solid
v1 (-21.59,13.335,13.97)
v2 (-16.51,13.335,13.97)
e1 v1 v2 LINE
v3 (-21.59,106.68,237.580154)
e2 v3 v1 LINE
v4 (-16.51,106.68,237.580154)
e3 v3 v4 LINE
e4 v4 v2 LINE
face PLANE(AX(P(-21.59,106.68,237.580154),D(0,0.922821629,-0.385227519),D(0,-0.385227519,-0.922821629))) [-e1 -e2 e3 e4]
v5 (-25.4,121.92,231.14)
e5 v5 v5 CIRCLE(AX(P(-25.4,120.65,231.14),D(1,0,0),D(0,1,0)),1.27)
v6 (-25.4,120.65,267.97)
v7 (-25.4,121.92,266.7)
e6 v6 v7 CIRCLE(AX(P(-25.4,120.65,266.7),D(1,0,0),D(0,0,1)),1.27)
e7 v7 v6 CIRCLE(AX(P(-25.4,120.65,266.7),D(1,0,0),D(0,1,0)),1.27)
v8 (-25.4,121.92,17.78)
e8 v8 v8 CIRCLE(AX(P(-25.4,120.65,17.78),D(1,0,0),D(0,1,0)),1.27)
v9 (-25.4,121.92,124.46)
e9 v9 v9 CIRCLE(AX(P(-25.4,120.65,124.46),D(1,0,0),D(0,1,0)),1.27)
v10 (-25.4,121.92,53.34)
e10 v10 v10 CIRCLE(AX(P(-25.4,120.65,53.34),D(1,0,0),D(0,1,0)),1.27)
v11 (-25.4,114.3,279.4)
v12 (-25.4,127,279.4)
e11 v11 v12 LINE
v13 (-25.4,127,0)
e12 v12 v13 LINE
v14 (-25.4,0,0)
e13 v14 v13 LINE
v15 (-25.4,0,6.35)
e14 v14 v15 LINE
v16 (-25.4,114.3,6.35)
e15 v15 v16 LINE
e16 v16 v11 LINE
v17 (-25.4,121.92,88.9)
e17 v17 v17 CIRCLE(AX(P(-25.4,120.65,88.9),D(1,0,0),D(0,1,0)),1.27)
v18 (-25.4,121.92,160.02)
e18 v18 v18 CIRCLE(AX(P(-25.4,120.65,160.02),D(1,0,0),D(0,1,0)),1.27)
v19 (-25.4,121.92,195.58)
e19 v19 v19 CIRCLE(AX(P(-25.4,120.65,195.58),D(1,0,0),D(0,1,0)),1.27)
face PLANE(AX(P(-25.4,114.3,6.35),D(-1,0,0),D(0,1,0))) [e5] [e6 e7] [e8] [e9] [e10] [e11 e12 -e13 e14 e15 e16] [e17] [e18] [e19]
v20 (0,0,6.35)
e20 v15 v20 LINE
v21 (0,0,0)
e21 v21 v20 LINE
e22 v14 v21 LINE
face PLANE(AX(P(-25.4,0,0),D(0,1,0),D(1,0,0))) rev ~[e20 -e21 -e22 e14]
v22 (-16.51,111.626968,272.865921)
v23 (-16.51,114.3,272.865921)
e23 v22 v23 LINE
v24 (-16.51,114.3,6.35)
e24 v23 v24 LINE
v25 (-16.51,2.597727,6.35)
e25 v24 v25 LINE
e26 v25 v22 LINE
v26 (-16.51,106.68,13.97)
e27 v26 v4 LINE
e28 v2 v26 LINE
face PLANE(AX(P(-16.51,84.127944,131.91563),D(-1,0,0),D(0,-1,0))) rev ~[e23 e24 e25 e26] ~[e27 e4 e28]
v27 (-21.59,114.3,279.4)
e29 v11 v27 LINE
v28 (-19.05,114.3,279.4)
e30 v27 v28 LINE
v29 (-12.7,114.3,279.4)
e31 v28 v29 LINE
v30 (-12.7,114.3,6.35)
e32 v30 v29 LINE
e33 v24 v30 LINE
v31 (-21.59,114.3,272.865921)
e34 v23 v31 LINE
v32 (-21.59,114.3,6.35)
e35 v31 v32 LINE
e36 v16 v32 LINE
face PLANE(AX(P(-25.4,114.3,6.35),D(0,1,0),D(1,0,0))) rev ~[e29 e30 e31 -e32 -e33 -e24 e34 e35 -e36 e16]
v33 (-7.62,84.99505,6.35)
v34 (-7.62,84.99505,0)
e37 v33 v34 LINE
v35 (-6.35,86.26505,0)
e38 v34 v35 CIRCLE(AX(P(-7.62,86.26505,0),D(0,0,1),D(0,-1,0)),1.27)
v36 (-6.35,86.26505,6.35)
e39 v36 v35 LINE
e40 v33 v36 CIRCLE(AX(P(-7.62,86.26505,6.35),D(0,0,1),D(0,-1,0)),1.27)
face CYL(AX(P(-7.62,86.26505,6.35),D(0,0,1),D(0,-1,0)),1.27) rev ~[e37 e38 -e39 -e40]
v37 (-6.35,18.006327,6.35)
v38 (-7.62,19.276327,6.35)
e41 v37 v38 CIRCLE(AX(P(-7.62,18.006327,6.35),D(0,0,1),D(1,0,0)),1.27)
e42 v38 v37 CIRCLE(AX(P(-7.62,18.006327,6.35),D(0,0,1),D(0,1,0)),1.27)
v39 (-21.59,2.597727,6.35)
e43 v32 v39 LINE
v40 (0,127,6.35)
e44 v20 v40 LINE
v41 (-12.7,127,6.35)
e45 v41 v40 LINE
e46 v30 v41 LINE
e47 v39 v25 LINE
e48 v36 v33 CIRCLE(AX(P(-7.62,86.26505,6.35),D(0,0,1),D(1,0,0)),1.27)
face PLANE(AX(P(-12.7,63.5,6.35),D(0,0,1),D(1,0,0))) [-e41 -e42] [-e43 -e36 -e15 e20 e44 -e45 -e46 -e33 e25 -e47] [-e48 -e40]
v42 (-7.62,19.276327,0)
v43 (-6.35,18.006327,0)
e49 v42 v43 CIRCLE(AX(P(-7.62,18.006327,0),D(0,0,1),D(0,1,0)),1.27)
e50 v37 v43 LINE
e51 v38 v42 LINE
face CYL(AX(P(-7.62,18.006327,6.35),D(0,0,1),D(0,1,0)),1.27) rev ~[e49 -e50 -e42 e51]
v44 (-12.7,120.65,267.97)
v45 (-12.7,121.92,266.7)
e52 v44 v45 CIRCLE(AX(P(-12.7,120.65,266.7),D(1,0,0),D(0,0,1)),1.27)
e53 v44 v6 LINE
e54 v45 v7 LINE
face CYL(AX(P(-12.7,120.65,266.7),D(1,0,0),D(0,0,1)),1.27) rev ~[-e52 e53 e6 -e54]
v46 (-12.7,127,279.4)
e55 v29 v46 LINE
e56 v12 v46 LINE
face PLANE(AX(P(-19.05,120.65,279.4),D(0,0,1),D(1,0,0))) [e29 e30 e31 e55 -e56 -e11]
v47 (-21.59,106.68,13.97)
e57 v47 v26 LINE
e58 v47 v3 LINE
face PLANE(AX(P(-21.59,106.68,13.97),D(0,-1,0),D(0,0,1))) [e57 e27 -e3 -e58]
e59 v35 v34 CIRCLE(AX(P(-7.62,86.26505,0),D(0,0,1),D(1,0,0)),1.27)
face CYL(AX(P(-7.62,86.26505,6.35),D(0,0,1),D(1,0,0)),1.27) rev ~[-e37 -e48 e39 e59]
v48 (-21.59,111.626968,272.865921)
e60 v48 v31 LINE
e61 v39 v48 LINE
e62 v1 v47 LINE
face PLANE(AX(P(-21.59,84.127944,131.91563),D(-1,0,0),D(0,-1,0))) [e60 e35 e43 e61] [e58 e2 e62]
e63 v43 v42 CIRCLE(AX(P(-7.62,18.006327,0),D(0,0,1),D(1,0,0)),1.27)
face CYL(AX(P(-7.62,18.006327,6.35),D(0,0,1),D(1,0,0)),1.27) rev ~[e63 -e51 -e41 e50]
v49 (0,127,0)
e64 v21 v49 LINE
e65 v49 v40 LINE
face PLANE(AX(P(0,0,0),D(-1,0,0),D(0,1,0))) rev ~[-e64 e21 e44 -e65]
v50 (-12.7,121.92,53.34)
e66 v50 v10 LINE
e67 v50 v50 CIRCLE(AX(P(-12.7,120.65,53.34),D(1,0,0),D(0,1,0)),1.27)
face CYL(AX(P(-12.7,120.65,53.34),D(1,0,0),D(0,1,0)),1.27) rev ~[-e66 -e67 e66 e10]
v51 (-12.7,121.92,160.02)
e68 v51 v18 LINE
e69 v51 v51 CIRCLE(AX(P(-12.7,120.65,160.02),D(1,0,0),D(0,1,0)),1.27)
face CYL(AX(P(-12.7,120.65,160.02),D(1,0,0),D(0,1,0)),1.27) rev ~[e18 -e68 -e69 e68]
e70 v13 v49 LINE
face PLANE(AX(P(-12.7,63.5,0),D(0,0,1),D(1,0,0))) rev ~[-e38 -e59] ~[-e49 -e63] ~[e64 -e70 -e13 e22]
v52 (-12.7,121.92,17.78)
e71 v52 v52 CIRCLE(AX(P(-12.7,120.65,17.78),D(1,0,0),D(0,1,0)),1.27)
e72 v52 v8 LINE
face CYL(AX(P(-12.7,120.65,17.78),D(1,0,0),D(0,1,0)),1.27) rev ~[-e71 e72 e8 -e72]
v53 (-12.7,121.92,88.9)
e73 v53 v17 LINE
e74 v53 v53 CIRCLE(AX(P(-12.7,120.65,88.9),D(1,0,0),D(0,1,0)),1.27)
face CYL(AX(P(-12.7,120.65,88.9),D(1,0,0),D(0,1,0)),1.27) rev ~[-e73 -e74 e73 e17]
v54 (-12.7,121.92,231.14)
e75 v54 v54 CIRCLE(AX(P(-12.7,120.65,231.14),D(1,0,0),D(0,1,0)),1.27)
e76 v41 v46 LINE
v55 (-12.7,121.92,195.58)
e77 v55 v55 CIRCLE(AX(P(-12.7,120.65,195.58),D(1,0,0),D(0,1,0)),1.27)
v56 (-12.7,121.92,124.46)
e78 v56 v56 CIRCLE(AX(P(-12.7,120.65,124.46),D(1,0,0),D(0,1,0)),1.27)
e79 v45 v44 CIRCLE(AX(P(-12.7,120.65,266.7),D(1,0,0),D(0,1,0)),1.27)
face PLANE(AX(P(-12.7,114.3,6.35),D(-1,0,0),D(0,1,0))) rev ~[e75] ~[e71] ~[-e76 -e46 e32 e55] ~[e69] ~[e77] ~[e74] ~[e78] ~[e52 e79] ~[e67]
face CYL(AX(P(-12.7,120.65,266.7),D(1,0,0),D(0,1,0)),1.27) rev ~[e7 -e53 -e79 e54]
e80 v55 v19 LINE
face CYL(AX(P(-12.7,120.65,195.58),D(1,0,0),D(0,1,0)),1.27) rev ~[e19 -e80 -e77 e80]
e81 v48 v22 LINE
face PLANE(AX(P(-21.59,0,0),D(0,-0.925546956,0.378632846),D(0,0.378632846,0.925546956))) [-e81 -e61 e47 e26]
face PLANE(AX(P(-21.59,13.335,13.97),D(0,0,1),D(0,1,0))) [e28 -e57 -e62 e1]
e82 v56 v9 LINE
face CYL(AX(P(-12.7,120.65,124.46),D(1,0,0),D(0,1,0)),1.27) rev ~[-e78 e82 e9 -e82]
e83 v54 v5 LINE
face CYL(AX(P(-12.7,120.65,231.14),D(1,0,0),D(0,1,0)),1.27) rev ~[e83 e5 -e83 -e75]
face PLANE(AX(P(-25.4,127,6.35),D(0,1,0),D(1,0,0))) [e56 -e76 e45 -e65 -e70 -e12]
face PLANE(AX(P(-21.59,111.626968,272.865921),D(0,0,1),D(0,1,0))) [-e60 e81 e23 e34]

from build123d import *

# Parameters (mm, degrees)
F0_W      = 25.4
F0_H      = 127
F1_DEPTH  = 6.35
F2_W      = 12.7
F2_H      = 12.7
F3_DEPTH  = 273.05
F4_W      = 2.54
F4_H      = 6.5340787411
F5_DEPTH  = 25.4
F7_DEPTH  = 5.08
F8_DEPTH  = 25.4
F10_DEPTH = 25.4
F11_R     = 1.27
F12_DEPTH = 25.4


with BuildPart() as f1:
    # F0 (on Top) → F1 (new body)
    with BuildSketch(Plane.XY):
        with Locations((-12.7, 63.5)):
            Rectangle(F0_W, F0_H)
    extrude(amount=F1_DEPTH)

    # F2 (on face) → F3 (join)
    with BuildSketch(Plane.XY.offset(6.35)):
        with Locations((-19.05, 120.65)):
            Rectangle(F2_W, F2_H)
    extrude(amount=F3_DEPTH)

    # F4 (on face) → F5 (join)
    with BuildSketch(Plane.XZ.offset(-114.3)):
        with Locations((-20.32, 276.1329606295)):
            Rectangle(F4_W, F4_H)
    extrude(amount=F5_DEPTH)

    # F6 (on face) → F7 (join)
    with BuildSketch(Plane(origin=(-21.59, 0, 0), x_dir=(0, -1, 0), z_dir=(-1, 0, 0))):
        Polygon((-13.335, 13.97), (-5.715, 13.97), (-111.6269677877, 272.8659212589), (-114.3, 272.8659212589), (-114.3, 263.1782591343), (-114.3, 6.35), (-106.68, 6.35), (-106.68, 13.97), (-106.68, 217.2529995441), (-106.68, 237.5801540886), align=None)
        Polygon((0, 0), (-5.715, 13.97), (-13.335, 13.97), (-106.68, 13.97), (-106.68, 6.35), (-114.3, 6.35), (-114.3, 0), (-96.3151082397, 0), align=None)
    extrude(amount=-F7_DEPTH)

    # F8 (cut): a face of the model
    f8_faces = [f1.faces().sort_by_distance(p)[0] for p in [
        (-20.32, 88.9, 276.1329606295),
    ]]
    extrude(f8_faces, amount=-F8_DEPTH, mode=Mode.SUBTRACT)

    # F9 (on face) → F10 (cut)
    with BuildSketch(Plane.XY.offset(6.35)):
        with BuildLine():
            ThreePointArc((-6.35, 86.2650498748), (-8.5180256121, 87.1630754869), (-7.62, 84.9950498748))
            ThreePointArc((-7.62, 84.9950498748), (-6.7219743879, 85.3670242627), (-6.35, 86.2650498748))
        make_face()
        with BuildLine():
            ThreePointArc((-7.62, 19.2763266307), (-8.5180256121, 17.1083010186), (-6.35, 18.0063266307))
            Line((-6.35, 18.0063266307), (-7.62, 18.0063266307))
            Line((-7.62, 18.0063266307), (-7.62, 19.2763266307))
        make_face()
        with BuildLine():
            Line((-7.62, 18.0063266307), (-6.35, 18.0063266307))
            ThreePointArc((-6.35, 18.0063266307), (-6.7219743879, 18.9043522428), (-7.62, 19.2763266307))
            Line((-7.62, 19.2763266307), (-7.62, 18.0063266307))
        make_face()
    extrude(amount=-F10_DEPTH, mode=Mode.SUBTRACT)

    # F11 (on face) → F12 (cut)
    with BuildSketch(Plane.YZ.offset(-12.7)):
        with BuildLine():
            ThreePointArc((121.92, 266.7), (121.5480256121, 267.5980256121), (120.65, 267.97))
            ThreePointArc((120.65, 267.97), (119.7519743879, 265.8019743879), (121.92, 266.7))
        make_face()
        with Locations((120.65, 231.14)):
            Circle(F11_R)
        with Locations((120.65, 195.58)):
            Circle(F11_R)
        with Locations((120.65, 160.02)):
            Circle(F11_R)
        with Locations((120.65, 124.46)):
            Circle(F11_R)
        with Locations((120.65, 88.9)):
            Circle(F11_R)
        with Locations((120.65, 53.34)):
            Circle(F11_R)
        with Locations((120.65, 17.78)):
            Circle(F11_R)
    extrude(amount=-F12_DEPTH, mode=Mode.SUBTRACT)


solid = f1.part
